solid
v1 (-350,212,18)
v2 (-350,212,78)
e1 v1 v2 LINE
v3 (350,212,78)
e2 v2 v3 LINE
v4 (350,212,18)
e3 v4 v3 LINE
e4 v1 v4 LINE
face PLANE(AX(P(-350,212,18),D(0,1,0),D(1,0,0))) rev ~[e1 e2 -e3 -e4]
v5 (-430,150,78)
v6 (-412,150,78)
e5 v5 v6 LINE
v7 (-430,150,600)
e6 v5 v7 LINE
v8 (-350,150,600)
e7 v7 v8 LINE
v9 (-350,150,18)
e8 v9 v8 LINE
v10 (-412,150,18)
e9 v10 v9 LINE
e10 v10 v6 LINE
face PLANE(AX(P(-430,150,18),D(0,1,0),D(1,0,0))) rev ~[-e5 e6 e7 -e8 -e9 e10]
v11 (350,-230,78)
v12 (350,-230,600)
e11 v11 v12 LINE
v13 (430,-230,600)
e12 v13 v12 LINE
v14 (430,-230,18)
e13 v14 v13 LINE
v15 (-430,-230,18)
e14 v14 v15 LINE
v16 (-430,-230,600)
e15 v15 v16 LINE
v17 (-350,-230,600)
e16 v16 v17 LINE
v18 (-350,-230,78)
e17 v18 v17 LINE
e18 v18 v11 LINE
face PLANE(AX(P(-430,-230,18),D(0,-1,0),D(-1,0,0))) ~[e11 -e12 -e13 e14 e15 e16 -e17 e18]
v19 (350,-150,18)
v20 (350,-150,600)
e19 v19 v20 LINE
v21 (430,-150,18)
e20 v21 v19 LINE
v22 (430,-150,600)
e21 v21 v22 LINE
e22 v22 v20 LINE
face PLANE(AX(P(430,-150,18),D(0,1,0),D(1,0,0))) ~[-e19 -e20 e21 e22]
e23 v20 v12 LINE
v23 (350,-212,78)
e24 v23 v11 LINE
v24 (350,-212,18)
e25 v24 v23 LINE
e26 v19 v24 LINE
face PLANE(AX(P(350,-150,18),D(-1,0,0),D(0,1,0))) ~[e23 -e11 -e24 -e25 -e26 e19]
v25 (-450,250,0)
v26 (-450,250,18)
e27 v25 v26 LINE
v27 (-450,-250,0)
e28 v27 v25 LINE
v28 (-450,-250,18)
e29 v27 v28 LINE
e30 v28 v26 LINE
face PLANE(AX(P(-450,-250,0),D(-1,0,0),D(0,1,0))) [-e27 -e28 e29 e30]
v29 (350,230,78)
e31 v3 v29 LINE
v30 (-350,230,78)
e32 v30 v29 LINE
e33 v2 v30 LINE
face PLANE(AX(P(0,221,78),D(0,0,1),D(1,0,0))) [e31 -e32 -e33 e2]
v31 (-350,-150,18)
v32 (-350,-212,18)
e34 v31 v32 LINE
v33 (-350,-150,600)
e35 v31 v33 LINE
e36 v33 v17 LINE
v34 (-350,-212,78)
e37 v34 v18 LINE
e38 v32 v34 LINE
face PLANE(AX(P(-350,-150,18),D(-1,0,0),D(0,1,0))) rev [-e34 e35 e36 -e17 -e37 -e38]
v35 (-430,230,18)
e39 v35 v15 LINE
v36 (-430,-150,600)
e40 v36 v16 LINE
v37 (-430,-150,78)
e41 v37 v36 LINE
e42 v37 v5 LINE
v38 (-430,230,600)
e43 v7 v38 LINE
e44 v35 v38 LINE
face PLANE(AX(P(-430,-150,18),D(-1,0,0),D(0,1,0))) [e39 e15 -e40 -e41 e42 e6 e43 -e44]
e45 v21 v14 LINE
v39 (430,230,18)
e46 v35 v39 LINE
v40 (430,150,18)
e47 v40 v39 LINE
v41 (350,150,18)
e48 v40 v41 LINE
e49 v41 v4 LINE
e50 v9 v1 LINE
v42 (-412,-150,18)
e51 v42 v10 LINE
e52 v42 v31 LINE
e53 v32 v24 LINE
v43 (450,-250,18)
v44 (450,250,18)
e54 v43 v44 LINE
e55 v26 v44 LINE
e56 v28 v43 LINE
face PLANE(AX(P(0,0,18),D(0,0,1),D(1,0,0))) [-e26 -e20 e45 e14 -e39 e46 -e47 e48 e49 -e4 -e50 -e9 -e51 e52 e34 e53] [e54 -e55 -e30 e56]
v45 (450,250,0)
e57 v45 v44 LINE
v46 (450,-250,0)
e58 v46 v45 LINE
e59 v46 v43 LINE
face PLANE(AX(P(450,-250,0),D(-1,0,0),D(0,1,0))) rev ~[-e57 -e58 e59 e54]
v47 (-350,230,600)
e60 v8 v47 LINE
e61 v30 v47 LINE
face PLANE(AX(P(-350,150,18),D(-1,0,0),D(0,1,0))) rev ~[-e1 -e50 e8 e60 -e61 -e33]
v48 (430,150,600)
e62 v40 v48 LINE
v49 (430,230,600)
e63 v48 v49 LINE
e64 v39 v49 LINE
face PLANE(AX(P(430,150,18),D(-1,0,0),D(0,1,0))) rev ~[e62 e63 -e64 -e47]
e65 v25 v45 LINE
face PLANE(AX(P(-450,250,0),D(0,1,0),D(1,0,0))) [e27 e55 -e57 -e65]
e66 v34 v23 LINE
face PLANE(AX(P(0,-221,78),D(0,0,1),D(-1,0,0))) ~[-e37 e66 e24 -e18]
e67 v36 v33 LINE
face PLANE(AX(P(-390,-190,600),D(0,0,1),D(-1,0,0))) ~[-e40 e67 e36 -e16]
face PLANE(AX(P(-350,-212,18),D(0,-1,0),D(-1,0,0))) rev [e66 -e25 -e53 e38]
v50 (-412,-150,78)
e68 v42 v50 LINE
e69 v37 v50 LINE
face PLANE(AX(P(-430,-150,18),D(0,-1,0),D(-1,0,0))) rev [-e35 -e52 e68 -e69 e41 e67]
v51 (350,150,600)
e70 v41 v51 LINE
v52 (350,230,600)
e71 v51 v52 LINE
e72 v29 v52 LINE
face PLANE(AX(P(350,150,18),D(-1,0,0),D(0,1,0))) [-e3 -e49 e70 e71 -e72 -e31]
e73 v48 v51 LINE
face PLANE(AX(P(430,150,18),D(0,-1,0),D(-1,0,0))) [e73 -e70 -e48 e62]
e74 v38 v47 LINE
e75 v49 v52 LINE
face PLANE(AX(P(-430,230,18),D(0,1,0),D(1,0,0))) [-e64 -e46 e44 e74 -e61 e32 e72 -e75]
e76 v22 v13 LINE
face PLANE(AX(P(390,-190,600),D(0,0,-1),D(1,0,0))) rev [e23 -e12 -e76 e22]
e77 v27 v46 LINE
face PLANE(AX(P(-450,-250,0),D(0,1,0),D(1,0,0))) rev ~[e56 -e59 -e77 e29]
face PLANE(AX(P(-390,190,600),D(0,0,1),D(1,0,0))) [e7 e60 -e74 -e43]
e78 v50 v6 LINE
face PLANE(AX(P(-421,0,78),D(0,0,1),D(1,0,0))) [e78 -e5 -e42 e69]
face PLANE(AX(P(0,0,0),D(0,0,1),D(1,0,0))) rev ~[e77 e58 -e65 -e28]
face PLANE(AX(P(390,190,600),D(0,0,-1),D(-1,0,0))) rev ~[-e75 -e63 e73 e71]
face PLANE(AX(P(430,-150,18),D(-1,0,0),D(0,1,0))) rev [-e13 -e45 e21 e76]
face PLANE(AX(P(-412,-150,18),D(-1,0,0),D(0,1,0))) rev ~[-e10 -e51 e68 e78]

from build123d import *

# Parameters (mm, degrees)
SKETCH_W                = 900
SKETCH_H                = 500
PAD_DEPTH               = 18
SKETCH001_W             = 80
SKETCH001_H             = 80
PAD001_DEPTH            = 582
SKETCH001_MIRRORED_2_W  = 80
SKETCH001_MIRRORED_2_H  = 80
PAD001_MIRRORED_2_DEPTH = 582
SKETCH002_W             = 700
SKETCH002_H             = 18
PAD002_DEPTH            = 60
SKETCH003_W             = 18
SKETCH003_H             = 300
PAD003_DEPTH            = 60


with BuildPart() as part:
    # Sketch → Pad (new body)
    with BuildSketch(Plane.XY):
        Rectangle(SKETCH_W, SKETCH_H)
    extrude(amount=PAD_DEPTH)

    # Sketch001 → Pad001 (join)
    with BuildSketch(Plane.XY.offset(18)):
        with Locations((-390, 190)):
            Rectangle(SKETCH001_W, SKETCH001_H)
    pad001 = extrude(amount=PAD001_DEPTH)

    # Sketch001 Mirrored 2 → Pad001 Mirrored 2 (add)
    with BuildSketch(Plane(origin=(0, 0, 18), x_dir=(-1, 0, 0), z_dir=(0, 0, -1))):
        with Locations((-390, 190)):
            Rectangle(SKETCH001_MIRRORED_2_W, SKETCH001_MIRRORED_2_H)
    pad001_mirrored_2 = extrude(amount=-PAD001_MIRRORED_2_DEPTH)

    # Mirrored001: Pad001, Pad001 Mirrored 2 across Sketch001 H_Axis
    add(pad001.mirror(Plane(origin=(0, 0, 18), x_dir=(0, 0, 1), z_dir=(0, 1, 0))))
    add(pad001_mirrored_2.mirror(Plane(origin=(0, 0, 18), x_dir=(0, 0, 1), z_dir=(0, 1, 0))))

    # Sketch002 → Pad002 (join)
    with BuildSketch(Plane.XY.offset(18)):
        with Locations((0, 221)):
            Rectangle(SKETCH002_W, SKETCH002_H)
    pad002 = extrude(amount=PAD002_DEPTH)

    # Sketch003 → Pad003 (join)
    with BuildSketch(Plane.XY.offset(18)):
        with Locations((-421, 0)):
            Rectangle(SKETCH003_W, SKETCH003_H)
    extrude(amount=PAD003_DEPTH)

    # Mirrored003: Pad002 across Sketch002 H_Axis
    add(pad002.mirror(Plane(origin=(0, 0, 18), x_dir=(0, 0, 1), z_dir=(0, 1, 0))))


solid = part.part
